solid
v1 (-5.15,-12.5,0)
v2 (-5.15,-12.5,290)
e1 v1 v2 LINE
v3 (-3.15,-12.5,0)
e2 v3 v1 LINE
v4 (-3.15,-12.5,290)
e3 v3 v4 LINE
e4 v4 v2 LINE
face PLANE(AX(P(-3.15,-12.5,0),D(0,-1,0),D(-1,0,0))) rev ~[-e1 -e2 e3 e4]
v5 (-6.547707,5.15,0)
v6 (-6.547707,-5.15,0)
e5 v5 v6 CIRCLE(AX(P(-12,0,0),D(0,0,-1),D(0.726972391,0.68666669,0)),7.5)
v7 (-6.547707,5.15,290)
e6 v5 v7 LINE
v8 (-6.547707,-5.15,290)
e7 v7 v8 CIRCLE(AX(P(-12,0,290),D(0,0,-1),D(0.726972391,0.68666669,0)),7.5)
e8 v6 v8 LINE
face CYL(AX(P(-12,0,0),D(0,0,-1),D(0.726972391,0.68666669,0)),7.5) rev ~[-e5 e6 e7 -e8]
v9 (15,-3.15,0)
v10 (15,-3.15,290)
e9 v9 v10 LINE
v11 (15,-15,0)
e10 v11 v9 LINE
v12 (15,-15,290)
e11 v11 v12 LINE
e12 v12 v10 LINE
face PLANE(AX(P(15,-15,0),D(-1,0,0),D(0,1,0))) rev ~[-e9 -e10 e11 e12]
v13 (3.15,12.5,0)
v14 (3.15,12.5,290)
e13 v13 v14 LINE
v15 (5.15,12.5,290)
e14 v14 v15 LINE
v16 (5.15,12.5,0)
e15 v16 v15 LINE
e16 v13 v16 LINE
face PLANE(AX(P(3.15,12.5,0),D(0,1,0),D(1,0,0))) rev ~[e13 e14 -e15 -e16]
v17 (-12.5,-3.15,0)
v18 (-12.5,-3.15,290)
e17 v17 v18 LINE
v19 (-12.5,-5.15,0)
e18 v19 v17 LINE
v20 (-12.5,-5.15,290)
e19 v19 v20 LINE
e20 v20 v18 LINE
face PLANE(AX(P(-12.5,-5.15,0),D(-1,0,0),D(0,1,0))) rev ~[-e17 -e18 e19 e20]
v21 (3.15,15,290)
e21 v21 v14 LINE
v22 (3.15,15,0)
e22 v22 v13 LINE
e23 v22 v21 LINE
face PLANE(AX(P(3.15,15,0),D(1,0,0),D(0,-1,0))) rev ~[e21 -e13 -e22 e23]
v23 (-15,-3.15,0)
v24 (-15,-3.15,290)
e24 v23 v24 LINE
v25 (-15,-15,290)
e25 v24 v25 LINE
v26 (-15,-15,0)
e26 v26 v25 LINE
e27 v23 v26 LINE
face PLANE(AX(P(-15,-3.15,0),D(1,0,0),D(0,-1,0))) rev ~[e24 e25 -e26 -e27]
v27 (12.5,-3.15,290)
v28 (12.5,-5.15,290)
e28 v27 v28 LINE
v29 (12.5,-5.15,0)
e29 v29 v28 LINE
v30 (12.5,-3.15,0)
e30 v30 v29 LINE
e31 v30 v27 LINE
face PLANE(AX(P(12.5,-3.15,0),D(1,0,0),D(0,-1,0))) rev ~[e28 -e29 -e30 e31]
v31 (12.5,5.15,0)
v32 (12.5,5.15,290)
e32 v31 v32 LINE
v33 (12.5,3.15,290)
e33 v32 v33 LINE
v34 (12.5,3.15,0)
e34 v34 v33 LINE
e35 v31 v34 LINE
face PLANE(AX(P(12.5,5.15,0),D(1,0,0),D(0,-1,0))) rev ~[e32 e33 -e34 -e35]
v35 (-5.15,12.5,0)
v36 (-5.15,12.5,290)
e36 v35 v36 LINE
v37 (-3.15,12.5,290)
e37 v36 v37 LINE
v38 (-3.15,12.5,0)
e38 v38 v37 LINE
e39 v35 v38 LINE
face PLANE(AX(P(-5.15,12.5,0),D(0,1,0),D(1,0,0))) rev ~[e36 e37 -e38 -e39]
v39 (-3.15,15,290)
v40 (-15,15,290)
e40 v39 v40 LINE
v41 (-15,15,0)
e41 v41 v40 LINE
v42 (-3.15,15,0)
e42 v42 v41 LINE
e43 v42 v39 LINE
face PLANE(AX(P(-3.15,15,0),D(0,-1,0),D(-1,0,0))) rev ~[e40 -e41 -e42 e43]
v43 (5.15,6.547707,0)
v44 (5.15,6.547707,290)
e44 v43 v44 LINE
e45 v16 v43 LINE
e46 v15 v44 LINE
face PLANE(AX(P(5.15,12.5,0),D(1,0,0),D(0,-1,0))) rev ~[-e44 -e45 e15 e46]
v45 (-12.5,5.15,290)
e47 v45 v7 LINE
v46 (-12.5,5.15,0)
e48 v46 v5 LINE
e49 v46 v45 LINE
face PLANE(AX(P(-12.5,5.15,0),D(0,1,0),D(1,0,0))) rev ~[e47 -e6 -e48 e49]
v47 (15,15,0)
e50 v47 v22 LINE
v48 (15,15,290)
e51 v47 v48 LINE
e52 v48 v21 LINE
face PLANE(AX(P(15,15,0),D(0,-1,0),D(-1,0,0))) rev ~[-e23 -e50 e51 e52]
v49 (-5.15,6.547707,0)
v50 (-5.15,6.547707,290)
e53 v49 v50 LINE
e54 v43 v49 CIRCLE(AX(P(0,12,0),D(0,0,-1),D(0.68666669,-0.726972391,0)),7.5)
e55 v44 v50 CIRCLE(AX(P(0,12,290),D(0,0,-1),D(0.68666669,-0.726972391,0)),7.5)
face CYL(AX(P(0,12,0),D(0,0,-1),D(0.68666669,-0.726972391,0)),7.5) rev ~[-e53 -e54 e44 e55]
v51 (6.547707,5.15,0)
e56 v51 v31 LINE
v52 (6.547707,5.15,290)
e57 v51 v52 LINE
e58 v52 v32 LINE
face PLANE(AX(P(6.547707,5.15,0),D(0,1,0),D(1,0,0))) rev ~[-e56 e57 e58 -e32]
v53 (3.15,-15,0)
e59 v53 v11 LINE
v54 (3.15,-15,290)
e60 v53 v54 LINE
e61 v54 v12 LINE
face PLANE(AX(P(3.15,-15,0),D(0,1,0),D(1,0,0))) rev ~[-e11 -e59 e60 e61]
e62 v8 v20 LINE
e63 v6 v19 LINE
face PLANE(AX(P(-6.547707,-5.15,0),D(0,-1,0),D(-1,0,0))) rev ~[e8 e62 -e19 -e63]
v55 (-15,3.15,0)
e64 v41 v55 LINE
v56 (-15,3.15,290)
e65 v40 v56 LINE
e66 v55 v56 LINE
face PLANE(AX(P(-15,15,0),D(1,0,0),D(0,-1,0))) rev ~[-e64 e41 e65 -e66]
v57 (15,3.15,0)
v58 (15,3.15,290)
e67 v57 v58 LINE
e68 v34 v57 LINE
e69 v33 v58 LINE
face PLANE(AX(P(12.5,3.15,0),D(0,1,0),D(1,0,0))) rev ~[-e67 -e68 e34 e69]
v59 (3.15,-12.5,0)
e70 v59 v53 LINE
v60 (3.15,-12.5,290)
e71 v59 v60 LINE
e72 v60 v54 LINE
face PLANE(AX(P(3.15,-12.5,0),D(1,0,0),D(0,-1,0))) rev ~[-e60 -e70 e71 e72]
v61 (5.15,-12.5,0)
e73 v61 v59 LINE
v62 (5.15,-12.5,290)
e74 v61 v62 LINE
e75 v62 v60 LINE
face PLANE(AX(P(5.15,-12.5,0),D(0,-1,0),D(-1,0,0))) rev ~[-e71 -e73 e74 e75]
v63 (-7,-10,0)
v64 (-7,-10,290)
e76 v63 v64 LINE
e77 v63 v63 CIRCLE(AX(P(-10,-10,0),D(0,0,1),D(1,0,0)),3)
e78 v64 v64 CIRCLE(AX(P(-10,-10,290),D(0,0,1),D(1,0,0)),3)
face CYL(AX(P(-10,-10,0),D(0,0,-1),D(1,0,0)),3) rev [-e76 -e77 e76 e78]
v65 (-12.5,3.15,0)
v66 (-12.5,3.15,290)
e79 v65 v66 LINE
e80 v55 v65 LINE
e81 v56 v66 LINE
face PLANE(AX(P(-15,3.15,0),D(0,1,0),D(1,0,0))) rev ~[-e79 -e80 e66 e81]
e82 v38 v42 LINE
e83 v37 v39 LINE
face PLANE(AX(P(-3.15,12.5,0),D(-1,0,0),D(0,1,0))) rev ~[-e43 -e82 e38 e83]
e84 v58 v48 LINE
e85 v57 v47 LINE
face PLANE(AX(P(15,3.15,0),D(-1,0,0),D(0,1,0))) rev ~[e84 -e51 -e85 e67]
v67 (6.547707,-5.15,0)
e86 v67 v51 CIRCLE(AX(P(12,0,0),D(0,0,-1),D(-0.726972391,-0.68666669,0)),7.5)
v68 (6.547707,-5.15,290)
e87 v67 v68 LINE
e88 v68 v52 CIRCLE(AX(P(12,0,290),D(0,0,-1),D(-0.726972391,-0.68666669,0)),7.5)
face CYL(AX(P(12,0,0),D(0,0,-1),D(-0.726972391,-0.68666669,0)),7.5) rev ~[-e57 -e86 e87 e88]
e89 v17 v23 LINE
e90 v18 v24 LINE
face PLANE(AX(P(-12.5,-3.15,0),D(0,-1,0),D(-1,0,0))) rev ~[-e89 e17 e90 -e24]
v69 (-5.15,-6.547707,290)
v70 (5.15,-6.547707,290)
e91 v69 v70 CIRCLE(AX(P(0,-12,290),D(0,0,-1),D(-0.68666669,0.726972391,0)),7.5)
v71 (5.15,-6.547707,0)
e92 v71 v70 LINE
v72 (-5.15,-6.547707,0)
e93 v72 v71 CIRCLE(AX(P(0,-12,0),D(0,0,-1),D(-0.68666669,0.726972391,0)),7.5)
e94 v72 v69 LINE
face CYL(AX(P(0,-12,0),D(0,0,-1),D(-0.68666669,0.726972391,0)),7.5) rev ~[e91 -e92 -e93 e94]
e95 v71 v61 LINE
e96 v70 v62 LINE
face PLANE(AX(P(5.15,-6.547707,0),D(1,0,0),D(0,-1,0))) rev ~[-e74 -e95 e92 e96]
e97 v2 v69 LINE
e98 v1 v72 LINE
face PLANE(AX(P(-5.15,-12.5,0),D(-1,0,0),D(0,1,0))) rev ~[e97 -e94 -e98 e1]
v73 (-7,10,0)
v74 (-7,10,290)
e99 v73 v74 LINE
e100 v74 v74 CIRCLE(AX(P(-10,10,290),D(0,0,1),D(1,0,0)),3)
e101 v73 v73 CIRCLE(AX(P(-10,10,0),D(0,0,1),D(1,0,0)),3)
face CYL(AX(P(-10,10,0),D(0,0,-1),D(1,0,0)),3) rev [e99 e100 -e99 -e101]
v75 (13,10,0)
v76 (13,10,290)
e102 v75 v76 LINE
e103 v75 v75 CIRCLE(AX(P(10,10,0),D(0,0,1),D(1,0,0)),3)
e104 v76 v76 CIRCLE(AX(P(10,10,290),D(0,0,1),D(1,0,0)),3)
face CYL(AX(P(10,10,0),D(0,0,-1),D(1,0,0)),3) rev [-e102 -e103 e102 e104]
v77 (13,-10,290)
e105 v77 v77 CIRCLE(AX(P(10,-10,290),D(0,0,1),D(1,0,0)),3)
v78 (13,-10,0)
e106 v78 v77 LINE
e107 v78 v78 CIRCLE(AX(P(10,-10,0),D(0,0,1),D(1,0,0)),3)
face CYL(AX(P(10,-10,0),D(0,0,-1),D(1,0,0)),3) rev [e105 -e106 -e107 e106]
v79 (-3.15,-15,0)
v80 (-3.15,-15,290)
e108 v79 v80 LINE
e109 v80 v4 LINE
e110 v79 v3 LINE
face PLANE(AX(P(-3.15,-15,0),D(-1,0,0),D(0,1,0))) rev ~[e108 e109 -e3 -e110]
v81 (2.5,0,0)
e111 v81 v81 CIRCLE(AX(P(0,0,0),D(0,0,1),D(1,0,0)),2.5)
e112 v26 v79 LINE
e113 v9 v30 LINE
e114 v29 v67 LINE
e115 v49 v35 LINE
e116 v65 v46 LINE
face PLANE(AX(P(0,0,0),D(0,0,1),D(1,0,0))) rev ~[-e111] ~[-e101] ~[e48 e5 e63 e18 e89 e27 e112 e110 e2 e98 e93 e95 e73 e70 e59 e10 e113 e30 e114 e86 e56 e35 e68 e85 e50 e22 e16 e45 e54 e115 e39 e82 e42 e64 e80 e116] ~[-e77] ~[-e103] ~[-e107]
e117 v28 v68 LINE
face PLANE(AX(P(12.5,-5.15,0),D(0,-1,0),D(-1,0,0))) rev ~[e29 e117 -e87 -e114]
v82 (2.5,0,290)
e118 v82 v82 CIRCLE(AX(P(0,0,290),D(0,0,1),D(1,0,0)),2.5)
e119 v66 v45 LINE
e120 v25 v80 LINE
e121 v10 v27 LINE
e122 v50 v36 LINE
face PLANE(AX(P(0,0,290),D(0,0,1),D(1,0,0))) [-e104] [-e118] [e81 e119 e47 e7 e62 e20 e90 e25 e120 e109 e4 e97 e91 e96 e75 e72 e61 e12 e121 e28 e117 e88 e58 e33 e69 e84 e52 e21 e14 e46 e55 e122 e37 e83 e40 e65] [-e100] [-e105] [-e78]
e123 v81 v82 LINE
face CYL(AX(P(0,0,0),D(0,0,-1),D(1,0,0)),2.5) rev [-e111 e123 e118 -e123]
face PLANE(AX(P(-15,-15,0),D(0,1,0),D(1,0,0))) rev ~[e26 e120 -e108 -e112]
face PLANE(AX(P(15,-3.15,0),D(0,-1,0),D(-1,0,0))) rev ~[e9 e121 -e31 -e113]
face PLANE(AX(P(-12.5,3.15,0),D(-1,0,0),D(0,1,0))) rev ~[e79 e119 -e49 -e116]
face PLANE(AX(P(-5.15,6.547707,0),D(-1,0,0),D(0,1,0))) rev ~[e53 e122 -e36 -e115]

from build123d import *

# Parameters (mm, degrees)
F0_R     = 3
F0_R_2   = 2.5
F1_DEPTH = 290


with BuildPart() as f1:
    # F0 (on Top) → F1 (new body)
    with BuildSketch(Plane.XY):
        with BuildLine():
            Line((-15, 15), (-15, 3.15))
            Line((-15, 3.15), (-12.5, 3.15))
            Line((-12.5, 3.15), (-12.5, 5.15))
            Line((-12.5, 5.15), (-6.547707, 5.15))
            ThreePointArc((-6.547707, 5.15), (-4.5, 0), (-6.547707, -5.15))
            Line((-6.547707, -5.15), (-12.5, -5.15))
            Line((-12.5, -5.15), (-12.5, -3.15))
            Line((-12.5, -3.15), (-15, -3.15))
            Line((-15, -3.15), (-15, -15))
            Line((-15, -15), (-3.15, -15))
            Line((-3.15, -15), (-3.15, -12.5))
            Line((-3.15, -12.5), (-5.15, -12.5))
            Line((-5.15, -12.5), (-5.15, -6.547707))
            ThreePointArc((-5.15, -6.547707), (0, -4.5), (5.15, -6.547707))
            Line((5.15, -6.547707), (5.15, -12.5))
            Line((5.15, -12.5), (3.15, -12.5))
            Line((3.15, -12.5), (3.15, -15))
            Line((3.15, -15), (15, -15))
            Line((15, -15), (15, -3.15))
            Line((15, -3.15), (12.5, -3.15))
            Line((12.5, -3.15), (12.5, -5.15))
            Line((12.5, -5.15), (6.547707, -5.15))
            ThreePointArc((6.547707, -5.15), (4.5, 0), (6.547707, 5.15))
            Line((6.547707, 5.15), (12.5, 5.15))
            Line((12.5, 5.15), (12.5, 3.15))
            Line((12.5, 3.15), (15, 3.15))
            Line((15, 3.15), (15, 15))
            Line((15, 15), (3.15, 15))
            Line((3.15, 15), (3.15, 12.5))
            Line((3.15, 12.5), (5.15, 12.5))
            Line((5.15, 12.5), (5.15, 6.547707))
            ThreePointArc((5.15, 6.547707), (0, 4.5), (-5.15, 6.547707))
            Line((-5.15, 6.547707), (-5.15, 12.5))
            Line((-5.15, 12.5), (-3.15, 12.5))
            Line((-3.15, 12.5), (-3.15, 15))
            Line((-3.15, 15), (-15, 15))
        make_face()
        with Locations((-10, -10)):
            Circle(F0_R, mode=Mode.SUBTRACT)
        with Locations((10, -10)):
            Circle(F0_R, mode=Mode.SUBTRACT)
        with Locations((-10, 10)):
            Circle(F0_R, mode=Mode.SUBTRACT)
        Circle(F0_R_2, mode=Mode.SUBTRACT)
        with Locations((10, 10)):
            Circle(F0_R, mode=Mode.SUBTRACT)
    extrude(amount=F1_DEPTH)


solid = f1.part
